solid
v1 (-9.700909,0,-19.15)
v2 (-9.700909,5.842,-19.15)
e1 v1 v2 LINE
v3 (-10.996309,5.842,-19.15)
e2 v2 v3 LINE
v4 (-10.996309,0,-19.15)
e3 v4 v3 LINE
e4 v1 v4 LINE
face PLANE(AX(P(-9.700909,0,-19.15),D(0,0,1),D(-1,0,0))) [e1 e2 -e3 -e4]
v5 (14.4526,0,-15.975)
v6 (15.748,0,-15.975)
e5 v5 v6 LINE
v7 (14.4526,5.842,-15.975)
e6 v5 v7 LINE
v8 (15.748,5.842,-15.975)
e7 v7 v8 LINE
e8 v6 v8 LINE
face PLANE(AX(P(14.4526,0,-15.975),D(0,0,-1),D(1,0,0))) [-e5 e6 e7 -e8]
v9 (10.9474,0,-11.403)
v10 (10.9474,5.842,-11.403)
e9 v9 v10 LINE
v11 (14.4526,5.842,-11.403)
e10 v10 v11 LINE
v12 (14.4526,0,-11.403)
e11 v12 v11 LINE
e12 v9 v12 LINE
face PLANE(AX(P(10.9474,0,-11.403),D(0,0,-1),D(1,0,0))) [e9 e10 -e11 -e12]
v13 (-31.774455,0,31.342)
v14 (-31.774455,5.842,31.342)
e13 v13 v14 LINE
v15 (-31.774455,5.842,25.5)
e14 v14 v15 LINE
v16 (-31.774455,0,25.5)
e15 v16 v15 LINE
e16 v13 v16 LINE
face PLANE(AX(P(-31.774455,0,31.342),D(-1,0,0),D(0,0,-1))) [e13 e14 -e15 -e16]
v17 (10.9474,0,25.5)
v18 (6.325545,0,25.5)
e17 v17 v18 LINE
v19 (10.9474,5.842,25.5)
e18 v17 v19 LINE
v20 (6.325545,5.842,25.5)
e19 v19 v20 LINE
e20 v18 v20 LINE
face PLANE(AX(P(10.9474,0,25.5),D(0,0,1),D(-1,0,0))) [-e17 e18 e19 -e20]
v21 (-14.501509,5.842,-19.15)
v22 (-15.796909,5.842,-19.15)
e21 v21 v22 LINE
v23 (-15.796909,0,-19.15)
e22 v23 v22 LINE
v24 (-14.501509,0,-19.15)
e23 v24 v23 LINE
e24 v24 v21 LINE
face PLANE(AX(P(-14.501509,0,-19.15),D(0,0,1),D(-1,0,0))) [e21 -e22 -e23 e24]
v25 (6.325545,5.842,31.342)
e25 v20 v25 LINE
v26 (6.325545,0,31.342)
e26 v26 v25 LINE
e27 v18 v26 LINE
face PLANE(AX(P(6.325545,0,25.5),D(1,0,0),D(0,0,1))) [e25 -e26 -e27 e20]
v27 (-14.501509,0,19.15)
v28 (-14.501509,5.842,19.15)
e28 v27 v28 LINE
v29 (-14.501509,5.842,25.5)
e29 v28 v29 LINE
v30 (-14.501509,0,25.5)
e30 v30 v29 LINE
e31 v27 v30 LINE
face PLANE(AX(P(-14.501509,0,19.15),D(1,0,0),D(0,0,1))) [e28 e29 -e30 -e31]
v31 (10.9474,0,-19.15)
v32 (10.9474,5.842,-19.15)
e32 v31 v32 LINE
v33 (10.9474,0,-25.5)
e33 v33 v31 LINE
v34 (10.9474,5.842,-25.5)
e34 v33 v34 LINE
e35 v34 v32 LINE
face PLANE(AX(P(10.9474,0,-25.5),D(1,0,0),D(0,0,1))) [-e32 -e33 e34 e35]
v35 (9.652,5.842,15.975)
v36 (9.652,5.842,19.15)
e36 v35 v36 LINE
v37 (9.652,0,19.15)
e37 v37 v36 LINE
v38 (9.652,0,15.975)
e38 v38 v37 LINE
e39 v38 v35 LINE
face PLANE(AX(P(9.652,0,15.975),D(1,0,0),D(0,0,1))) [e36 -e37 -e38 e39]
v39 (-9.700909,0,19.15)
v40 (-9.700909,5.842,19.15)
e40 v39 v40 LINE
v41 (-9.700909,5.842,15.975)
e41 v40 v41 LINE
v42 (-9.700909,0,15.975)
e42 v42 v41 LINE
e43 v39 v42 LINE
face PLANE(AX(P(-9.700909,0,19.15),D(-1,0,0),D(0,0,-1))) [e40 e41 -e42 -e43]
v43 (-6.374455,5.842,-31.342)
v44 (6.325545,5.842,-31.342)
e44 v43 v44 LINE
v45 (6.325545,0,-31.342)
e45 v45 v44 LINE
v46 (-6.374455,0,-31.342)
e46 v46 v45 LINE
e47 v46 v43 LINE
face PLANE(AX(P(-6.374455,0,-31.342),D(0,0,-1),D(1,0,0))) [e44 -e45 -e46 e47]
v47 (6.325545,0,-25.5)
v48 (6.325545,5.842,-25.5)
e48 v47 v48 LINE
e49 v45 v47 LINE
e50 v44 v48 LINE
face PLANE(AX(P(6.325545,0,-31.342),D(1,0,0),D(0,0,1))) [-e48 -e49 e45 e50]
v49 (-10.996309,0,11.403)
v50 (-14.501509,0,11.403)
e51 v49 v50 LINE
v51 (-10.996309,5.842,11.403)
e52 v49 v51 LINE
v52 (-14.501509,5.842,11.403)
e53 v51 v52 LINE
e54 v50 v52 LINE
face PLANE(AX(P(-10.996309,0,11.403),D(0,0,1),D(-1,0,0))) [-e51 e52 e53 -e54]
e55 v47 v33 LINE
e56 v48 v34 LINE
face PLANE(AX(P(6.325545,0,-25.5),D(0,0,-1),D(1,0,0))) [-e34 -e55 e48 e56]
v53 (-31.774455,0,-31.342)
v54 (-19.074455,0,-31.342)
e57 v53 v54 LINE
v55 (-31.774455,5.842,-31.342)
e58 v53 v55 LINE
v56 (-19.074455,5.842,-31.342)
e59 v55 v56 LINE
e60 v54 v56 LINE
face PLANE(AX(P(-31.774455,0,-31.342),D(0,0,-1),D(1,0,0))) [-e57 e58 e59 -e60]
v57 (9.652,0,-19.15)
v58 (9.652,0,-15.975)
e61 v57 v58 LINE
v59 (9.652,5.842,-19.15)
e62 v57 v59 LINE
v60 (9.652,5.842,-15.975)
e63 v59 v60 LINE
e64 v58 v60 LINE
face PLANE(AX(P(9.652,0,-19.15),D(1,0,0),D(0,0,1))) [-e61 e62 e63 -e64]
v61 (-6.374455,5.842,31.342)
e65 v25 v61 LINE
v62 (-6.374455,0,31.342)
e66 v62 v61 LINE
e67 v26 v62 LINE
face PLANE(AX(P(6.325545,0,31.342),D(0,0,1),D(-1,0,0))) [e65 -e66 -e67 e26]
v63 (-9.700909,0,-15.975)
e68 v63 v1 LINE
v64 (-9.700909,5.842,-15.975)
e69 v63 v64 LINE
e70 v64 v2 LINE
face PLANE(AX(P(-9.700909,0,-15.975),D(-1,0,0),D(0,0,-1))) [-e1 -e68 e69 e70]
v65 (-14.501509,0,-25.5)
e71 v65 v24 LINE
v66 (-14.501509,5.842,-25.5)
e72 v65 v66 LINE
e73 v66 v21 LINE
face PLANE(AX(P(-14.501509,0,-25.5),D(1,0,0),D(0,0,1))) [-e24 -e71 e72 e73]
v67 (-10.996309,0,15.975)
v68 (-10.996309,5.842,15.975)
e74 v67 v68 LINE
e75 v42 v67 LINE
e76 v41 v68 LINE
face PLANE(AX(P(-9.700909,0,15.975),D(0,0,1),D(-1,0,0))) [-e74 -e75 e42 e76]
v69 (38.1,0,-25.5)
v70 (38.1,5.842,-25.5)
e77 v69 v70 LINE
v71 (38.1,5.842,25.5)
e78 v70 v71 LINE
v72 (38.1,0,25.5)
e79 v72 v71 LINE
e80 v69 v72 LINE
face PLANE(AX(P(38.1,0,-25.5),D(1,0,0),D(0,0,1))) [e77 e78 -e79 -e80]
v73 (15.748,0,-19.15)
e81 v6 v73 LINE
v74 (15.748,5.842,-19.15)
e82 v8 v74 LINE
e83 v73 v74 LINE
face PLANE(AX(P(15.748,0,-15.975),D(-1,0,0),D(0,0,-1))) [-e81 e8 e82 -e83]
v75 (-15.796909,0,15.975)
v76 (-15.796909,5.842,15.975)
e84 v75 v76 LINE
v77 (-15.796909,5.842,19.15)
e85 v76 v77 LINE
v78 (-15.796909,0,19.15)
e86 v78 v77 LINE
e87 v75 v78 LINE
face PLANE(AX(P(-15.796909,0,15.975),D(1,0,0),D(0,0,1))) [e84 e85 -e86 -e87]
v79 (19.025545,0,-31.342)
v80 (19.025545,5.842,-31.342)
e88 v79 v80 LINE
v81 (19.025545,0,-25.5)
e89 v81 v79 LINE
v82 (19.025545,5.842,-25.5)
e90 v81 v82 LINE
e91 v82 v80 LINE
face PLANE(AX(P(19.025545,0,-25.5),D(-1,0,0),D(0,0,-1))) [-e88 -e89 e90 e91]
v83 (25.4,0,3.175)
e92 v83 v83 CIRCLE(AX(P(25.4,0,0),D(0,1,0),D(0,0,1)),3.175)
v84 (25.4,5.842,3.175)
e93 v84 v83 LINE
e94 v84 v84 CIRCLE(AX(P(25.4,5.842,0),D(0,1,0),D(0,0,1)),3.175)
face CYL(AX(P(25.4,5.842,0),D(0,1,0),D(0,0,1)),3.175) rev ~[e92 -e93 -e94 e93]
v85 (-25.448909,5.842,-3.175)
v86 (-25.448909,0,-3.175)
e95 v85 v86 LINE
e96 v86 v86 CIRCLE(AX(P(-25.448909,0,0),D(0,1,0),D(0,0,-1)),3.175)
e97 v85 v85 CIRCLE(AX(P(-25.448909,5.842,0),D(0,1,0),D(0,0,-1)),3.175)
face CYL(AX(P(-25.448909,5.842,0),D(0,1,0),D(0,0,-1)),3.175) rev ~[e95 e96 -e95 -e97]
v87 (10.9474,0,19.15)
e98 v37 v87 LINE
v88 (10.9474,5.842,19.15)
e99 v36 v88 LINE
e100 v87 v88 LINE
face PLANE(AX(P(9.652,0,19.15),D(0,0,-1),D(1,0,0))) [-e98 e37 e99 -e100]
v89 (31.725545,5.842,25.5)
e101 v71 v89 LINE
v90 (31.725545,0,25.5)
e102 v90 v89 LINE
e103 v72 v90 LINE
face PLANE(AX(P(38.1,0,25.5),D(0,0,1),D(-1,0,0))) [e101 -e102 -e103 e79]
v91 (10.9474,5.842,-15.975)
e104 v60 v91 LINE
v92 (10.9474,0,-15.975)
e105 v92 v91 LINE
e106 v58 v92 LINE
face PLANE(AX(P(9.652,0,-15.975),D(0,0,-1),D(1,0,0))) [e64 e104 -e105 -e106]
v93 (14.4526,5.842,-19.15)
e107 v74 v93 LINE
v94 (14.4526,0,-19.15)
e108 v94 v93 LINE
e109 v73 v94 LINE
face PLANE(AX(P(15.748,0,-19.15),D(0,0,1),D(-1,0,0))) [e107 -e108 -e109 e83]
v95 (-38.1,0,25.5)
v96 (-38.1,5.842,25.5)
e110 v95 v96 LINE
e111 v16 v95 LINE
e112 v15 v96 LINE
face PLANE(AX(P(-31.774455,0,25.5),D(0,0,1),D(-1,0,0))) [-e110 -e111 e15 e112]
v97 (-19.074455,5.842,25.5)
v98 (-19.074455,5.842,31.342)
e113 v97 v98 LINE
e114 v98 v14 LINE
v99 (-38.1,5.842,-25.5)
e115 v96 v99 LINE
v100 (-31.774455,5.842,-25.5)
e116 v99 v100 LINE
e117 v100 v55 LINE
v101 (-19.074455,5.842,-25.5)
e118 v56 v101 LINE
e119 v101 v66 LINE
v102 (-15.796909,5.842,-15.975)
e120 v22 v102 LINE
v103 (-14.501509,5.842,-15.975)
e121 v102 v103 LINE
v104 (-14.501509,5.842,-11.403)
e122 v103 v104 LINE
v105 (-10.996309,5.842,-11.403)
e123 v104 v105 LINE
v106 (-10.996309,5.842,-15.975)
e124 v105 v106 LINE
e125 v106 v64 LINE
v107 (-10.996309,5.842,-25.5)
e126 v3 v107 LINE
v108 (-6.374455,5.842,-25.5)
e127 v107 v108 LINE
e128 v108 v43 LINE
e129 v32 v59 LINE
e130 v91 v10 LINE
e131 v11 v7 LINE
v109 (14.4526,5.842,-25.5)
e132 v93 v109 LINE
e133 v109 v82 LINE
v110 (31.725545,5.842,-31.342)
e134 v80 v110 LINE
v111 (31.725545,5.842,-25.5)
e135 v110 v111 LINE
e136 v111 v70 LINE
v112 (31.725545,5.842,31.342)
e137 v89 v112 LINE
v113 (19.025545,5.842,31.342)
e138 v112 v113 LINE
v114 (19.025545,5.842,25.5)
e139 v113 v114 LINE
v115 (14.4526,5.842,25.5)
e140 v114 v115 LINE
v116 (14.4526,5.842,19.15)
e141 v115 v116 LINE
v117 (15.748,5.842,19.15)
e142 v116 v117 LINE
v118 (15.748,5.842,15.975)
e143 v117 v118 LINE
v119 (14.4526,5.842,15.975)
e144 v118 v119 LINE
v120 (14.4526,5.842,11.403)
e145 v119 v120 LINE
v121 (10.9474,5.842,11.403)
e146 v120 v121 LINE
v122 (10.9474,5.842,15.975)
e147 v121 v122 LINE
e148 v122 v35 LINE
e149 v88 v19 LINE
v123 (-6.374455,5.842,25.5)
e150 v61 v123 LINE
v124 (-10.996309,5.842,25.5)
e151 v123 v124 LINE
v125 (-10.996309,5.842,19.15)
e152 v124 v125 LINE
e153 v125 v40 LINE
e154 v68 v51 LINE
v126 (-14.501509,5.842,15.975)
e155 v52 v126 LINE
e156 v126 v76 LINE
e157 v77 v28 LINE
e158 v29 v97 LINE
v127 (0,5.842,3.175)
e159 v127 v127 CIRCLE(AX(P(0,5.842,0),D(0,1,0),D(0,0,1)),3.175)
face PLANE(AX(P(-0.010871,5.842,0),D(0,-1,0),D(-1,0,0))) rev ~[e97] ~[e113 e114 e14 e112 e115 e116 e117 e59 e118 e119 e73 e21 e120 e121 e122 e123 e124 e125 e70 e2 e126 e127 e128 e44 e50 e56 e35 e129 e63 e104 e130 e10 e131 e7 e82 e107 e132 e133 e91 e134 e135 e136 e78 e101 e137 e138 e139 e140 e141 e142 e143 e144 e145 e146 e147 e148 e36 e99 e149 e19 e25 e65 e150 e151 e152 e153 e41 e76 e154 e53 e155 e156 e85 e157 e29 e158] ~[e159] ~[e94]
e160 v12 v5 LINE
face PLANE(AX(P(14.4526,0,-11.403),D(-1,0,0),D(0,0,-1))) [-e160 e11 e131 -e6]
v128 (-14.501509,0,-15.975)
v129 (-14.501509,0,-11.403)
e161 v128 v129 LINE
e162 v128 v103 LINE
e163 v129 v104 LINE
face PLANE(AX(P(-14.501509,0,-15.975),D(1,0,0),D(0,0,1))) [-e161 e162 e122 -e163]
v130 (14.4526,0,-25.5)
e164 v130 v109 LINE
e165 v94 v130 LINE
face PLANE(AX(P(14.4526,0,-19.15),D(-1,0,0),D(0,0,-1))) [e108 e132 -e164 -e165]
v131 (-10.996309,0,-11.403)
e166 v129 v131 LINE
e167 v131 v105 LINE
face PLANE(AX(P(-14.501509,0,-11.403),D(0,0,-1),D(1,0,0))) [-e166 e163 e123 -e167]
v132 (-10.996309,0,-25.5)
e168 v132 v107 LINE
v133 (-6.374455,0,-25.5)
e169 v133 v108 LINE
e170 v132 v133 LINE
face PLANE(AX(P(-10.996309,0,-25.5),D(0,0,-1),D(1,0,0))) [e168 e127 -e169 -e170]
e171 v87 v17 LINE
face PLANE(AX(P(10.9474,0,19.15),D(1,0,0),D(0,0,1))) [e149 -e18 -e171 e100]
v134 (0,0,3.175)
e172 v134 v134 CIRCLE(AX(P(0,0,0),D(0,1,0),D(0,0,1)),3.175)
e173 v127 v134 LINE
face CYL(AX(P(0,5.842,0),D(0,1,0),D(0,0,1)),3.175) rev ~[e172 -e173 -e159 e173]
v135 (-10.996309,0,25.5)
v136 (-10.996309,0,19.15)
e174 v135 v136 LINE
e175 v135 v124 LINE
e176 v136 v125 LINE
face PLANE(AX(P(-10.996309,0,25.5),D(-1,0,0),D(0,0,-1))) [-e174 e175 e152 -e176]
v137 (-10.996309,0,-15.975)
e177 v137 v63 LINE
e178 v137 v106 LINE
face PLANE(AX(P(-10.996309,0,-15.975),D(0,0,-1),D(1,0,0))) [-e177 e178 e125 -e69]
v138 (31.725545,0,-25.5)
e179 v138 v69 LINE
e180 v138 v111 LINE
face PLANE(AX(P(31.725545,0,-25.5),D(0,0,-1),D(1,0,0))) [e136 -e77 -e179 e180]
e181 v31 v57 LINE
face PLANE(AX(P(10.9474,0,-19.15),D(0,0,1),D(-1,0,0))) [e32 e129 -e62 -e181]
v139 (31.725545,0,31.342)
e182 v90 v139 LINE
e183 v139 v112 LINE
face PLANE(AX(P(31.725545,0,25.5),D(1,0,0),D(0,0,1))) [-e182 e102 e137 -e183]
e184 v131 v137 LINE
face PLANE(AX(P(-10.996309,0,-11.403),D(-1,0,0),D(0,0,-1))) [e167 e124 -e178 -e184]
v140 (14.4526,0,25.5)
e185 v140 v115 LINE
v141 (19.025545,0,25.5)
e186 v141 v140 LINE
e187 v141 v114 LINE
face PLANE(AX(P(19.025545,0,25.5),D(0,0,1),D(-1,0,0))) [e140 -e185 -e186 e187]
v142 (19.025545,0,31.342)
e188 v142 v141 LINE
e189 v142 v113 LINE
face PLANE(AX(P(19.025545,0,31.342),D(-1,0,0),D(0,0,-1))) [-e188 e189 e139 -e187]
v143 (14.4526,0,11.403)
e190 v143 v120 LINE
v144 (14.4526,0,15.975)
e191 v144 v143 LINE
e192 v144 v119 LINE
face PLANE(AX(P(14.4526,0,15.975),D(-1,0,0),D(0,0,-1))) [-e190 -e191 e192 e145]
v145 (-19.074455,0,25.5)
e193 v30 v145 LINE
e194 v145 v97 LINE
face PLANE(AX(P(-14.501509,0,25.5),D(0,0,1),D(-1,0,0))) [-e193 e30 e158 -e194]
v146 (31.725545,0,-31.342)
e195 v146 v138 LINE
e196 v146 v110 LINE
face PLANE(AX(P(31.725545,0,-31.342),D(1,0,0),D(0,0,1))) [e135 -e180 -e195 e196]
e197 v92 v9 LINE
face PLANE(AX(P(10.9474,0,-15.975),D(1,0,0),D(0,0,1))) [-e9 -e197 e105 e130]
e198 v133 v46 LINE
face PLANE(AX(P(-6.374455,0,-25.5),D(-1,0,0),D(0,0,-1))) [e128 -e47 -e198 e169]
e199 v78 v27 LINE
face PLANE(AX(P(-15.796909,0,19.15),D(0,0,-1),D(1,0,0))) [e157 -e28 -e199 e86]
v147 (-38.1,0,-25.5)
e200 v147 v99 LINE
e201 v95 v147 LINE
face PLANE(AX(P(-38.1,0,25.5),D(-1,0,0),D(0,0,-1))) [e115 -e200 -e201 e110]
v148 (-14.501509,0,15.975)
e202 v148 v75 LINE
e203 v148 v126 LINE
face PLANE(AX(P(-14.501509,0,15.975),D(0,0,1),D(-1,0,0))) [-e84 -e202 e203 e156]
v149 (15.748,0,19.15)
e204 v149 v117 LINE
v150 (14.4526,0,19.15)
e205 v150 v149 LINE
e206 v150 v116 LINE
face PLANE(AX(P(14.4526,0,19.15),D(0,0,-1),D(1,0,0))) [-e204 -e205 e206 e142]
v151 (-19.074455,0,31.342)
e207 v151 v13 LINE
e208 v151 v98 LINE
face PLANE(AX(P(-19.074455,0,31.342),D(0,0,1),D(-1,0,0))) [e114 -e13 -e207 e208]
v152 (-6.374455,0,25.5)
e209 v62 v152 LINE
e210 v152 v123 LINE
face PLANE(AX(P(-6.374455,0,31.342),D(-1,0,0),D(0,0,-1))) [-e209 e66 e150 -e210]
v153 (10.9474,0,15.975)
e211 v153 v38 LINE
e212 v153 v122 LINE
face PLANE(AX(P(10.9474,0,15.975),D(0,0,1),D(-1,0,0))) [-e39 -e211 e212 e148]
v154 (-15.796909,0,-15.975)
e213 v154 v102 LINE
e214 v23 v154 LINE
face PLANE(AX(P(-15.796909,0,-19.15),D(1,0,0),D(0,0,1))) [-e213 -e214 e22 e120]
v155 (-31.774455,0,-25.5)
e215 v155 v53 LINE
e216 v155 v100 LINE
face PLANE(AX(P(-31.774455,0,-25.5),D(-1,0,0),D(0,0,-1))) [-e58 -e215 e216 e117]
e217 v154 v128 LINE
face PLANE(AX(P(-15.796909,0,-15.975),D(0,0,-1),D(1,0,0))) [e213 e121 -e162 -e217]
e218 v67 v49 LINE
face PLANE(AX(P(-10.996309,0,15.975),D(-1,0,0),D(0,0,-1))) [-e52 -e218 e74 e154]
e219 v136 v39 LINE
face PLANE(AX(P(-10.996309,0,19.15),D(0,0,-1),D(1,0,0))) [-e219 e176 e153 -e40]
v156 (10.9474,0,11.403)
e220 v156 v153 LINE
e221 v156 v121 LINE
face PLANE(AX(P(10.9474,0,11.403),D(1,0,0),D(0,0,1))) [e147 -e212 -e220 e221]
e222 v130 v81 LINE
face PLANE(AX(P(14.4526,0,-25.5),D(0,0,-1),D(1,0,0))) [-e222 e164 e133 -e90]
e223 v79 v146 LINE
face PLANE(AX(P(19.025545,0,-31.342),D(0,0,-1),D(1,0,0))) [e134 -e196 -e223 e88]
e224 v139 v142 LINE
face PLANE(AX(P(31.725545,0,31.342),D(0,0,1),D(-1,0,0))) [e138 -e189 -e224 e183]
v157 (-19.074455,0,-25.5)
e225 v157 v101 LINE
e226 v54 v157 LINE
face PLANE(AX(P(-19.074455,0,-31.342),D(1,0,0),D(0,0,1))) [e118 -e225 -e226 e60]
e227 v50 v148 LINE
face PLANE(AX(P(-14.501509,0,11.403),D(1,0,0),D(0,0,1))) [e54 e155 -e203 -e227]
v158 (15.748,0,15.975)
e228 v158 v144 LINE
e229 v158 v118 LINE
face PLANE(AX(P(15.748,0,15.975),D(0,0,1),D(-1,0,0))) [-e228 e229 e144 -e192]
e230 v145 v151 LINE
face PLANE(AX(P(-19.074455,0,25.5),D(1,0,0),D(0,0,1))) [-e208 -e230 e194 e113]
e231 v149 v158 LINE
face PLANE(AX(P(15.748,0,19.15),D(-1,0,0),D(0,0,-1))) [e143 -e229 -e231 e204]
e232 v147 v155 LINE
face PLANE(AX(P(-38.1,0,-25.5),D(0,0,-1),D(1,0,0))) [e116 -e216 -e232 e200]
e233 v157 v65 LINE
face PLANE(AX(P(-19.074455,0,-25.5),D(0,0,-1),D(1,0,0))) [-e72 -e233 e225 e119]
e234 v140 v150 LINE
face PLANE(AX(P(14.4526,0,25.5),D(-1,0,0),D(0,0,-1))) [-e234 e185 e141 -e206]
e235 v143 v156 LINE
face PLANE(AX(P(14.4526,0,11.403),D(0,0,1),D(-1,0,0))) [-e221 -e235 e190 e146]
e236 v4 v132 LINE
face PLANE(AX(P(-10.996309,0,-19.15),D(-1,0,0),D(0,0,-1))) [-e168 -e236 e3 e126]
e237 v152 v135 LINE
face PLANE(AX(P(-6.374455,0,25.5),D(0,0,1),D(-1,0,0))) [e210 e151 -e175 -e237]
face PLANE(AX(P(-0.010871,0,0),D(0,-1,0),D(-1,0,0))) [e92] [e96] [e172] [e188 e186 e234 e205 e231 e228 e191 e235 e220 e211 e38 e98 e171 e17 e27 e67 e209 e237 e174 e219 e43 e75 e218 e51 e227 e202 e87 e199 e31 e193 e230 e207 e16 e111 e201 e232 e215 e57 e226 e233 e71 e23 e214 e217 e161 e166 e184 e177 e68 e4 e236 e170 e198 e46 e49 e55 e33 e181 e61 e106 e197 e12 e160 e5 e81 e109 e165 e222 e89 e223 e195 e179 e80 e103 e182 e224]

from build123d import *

# Parameters (mm, degrees)
BOSS_EXTRUDE1_DEPTH = 5.842
SKETCH2_R           = 3.175
CUT_EXTRUDE1_DEPTH  = 50.679572542


with BuildPart() as part:
    # Sketch1 → Boss-Extrude1 (new body)
    with BuildSketch(Plane(origin=(0, 0, 0), x_dir=(1, 0, 0), z_dir=(0, 1, 0))):
        Polygon((38.1, -25.5), (31.725545431, -25.5), (31.725545431, -31.342), (19.025545431, -31.342), (19.025545431, -25.5), (14.4526, -25.5), (14.4526, -19.15), (15.748, -19.15), (15.748, -15.975), (14.4526, -15.975), (14.4526, -11.403), (10.9474, -11.403), (10.9474, -15.975), (9.652, -15.975), (9.652, -19.15), (10.9474, -19.15), (10.9474, -25.5), (6.325545431, -25.5), (6.325545431, -31.342), (-6.374454569, -31.342), (-6.374454569, -25.5), (-10.996309138, -25.5), (-10.996309138, -19.15), (-9.700909138, -19.15), (-9.700909138, -15.975), (-10.996309138, -15.975), (-10.996309138, -11.403), (-14.501509138, -11.403), (-14.501509138, -15.975), (-15.796909138, -15.975), (-15.796909138, -19.15), (-14.501509138, -19.15), (-14.501509138, -25.5), (-19.074454569, -25.5), (-19.074454569, -31.342), (-31.774454569, -31.342), (-31.774454569, -25.5), (-38.1, -25.5), (-38.1, 25.5), (-31.774454569, 25.5), (-31.774454569, 31.342), (-19.074454569, 31.342), (-19.074454569, 25.5), (-14.501509138, 25.5), (-14.501509138, 19.15), (-15.796909138, 19.15), (-15.796909138, 15.975), (-14.501509138, 15.975), (-14.501509138, 11.403), (-10.996309138, 11.403), (-10.996309138, 15.975), (-9.700909138, 15.975), (-9.700909138, 19.15), (-10.996309138, 19.15), (-10.996309138, 25.5), (-6.374454569, 25.5), (-6.374454569, 31.342), (6.325545431, 31.342), (6.325545431, 25.5), (10.9474, 25.5), (10.9474, 19.15), (9.652, 19.15), (9.652, 15.975), (10.9474, 15.975), (10.9474, 11.403), (14.4526, 11.403), (14.4526, 15.975), (15.748, 15.975), (15.748, 19.15), (14.4526, 19.15), (14.4526, 25.5), (19.025545431, 25.5), (19.025545431, 31.342), (31.725545431, 31.342), (31.725545431, 25.5), (38.1, 25.5), align=None)
    extrude(amount=BOSS_EXTRUDE1_DEPTH)

    # Sketch2 → Cut-Extrude1 (cut, through all)
    with BuildSketch(Plane(origin=(0, 5.842, 0), x_dir=(1, 0, 0), z_dir=(0, 1, 0))):
        with Locations(Location((0, 0, 0), (0, 0, 270))):
            Circle(SKETCH2_R)
        with Locations(Location((25.4, 0, 0), (0, 0, 270))):
            Circle(SKETCH2_R)
        with Locations(Location((-25.448909138, 0, 0), (0, 0, 90))):
            Circle(SKETCH2_R)
    extrude(amount=-CUT_EXTRUDE1_DEPTH, mode=Mode.SUBTRACT)


solid = part.part
